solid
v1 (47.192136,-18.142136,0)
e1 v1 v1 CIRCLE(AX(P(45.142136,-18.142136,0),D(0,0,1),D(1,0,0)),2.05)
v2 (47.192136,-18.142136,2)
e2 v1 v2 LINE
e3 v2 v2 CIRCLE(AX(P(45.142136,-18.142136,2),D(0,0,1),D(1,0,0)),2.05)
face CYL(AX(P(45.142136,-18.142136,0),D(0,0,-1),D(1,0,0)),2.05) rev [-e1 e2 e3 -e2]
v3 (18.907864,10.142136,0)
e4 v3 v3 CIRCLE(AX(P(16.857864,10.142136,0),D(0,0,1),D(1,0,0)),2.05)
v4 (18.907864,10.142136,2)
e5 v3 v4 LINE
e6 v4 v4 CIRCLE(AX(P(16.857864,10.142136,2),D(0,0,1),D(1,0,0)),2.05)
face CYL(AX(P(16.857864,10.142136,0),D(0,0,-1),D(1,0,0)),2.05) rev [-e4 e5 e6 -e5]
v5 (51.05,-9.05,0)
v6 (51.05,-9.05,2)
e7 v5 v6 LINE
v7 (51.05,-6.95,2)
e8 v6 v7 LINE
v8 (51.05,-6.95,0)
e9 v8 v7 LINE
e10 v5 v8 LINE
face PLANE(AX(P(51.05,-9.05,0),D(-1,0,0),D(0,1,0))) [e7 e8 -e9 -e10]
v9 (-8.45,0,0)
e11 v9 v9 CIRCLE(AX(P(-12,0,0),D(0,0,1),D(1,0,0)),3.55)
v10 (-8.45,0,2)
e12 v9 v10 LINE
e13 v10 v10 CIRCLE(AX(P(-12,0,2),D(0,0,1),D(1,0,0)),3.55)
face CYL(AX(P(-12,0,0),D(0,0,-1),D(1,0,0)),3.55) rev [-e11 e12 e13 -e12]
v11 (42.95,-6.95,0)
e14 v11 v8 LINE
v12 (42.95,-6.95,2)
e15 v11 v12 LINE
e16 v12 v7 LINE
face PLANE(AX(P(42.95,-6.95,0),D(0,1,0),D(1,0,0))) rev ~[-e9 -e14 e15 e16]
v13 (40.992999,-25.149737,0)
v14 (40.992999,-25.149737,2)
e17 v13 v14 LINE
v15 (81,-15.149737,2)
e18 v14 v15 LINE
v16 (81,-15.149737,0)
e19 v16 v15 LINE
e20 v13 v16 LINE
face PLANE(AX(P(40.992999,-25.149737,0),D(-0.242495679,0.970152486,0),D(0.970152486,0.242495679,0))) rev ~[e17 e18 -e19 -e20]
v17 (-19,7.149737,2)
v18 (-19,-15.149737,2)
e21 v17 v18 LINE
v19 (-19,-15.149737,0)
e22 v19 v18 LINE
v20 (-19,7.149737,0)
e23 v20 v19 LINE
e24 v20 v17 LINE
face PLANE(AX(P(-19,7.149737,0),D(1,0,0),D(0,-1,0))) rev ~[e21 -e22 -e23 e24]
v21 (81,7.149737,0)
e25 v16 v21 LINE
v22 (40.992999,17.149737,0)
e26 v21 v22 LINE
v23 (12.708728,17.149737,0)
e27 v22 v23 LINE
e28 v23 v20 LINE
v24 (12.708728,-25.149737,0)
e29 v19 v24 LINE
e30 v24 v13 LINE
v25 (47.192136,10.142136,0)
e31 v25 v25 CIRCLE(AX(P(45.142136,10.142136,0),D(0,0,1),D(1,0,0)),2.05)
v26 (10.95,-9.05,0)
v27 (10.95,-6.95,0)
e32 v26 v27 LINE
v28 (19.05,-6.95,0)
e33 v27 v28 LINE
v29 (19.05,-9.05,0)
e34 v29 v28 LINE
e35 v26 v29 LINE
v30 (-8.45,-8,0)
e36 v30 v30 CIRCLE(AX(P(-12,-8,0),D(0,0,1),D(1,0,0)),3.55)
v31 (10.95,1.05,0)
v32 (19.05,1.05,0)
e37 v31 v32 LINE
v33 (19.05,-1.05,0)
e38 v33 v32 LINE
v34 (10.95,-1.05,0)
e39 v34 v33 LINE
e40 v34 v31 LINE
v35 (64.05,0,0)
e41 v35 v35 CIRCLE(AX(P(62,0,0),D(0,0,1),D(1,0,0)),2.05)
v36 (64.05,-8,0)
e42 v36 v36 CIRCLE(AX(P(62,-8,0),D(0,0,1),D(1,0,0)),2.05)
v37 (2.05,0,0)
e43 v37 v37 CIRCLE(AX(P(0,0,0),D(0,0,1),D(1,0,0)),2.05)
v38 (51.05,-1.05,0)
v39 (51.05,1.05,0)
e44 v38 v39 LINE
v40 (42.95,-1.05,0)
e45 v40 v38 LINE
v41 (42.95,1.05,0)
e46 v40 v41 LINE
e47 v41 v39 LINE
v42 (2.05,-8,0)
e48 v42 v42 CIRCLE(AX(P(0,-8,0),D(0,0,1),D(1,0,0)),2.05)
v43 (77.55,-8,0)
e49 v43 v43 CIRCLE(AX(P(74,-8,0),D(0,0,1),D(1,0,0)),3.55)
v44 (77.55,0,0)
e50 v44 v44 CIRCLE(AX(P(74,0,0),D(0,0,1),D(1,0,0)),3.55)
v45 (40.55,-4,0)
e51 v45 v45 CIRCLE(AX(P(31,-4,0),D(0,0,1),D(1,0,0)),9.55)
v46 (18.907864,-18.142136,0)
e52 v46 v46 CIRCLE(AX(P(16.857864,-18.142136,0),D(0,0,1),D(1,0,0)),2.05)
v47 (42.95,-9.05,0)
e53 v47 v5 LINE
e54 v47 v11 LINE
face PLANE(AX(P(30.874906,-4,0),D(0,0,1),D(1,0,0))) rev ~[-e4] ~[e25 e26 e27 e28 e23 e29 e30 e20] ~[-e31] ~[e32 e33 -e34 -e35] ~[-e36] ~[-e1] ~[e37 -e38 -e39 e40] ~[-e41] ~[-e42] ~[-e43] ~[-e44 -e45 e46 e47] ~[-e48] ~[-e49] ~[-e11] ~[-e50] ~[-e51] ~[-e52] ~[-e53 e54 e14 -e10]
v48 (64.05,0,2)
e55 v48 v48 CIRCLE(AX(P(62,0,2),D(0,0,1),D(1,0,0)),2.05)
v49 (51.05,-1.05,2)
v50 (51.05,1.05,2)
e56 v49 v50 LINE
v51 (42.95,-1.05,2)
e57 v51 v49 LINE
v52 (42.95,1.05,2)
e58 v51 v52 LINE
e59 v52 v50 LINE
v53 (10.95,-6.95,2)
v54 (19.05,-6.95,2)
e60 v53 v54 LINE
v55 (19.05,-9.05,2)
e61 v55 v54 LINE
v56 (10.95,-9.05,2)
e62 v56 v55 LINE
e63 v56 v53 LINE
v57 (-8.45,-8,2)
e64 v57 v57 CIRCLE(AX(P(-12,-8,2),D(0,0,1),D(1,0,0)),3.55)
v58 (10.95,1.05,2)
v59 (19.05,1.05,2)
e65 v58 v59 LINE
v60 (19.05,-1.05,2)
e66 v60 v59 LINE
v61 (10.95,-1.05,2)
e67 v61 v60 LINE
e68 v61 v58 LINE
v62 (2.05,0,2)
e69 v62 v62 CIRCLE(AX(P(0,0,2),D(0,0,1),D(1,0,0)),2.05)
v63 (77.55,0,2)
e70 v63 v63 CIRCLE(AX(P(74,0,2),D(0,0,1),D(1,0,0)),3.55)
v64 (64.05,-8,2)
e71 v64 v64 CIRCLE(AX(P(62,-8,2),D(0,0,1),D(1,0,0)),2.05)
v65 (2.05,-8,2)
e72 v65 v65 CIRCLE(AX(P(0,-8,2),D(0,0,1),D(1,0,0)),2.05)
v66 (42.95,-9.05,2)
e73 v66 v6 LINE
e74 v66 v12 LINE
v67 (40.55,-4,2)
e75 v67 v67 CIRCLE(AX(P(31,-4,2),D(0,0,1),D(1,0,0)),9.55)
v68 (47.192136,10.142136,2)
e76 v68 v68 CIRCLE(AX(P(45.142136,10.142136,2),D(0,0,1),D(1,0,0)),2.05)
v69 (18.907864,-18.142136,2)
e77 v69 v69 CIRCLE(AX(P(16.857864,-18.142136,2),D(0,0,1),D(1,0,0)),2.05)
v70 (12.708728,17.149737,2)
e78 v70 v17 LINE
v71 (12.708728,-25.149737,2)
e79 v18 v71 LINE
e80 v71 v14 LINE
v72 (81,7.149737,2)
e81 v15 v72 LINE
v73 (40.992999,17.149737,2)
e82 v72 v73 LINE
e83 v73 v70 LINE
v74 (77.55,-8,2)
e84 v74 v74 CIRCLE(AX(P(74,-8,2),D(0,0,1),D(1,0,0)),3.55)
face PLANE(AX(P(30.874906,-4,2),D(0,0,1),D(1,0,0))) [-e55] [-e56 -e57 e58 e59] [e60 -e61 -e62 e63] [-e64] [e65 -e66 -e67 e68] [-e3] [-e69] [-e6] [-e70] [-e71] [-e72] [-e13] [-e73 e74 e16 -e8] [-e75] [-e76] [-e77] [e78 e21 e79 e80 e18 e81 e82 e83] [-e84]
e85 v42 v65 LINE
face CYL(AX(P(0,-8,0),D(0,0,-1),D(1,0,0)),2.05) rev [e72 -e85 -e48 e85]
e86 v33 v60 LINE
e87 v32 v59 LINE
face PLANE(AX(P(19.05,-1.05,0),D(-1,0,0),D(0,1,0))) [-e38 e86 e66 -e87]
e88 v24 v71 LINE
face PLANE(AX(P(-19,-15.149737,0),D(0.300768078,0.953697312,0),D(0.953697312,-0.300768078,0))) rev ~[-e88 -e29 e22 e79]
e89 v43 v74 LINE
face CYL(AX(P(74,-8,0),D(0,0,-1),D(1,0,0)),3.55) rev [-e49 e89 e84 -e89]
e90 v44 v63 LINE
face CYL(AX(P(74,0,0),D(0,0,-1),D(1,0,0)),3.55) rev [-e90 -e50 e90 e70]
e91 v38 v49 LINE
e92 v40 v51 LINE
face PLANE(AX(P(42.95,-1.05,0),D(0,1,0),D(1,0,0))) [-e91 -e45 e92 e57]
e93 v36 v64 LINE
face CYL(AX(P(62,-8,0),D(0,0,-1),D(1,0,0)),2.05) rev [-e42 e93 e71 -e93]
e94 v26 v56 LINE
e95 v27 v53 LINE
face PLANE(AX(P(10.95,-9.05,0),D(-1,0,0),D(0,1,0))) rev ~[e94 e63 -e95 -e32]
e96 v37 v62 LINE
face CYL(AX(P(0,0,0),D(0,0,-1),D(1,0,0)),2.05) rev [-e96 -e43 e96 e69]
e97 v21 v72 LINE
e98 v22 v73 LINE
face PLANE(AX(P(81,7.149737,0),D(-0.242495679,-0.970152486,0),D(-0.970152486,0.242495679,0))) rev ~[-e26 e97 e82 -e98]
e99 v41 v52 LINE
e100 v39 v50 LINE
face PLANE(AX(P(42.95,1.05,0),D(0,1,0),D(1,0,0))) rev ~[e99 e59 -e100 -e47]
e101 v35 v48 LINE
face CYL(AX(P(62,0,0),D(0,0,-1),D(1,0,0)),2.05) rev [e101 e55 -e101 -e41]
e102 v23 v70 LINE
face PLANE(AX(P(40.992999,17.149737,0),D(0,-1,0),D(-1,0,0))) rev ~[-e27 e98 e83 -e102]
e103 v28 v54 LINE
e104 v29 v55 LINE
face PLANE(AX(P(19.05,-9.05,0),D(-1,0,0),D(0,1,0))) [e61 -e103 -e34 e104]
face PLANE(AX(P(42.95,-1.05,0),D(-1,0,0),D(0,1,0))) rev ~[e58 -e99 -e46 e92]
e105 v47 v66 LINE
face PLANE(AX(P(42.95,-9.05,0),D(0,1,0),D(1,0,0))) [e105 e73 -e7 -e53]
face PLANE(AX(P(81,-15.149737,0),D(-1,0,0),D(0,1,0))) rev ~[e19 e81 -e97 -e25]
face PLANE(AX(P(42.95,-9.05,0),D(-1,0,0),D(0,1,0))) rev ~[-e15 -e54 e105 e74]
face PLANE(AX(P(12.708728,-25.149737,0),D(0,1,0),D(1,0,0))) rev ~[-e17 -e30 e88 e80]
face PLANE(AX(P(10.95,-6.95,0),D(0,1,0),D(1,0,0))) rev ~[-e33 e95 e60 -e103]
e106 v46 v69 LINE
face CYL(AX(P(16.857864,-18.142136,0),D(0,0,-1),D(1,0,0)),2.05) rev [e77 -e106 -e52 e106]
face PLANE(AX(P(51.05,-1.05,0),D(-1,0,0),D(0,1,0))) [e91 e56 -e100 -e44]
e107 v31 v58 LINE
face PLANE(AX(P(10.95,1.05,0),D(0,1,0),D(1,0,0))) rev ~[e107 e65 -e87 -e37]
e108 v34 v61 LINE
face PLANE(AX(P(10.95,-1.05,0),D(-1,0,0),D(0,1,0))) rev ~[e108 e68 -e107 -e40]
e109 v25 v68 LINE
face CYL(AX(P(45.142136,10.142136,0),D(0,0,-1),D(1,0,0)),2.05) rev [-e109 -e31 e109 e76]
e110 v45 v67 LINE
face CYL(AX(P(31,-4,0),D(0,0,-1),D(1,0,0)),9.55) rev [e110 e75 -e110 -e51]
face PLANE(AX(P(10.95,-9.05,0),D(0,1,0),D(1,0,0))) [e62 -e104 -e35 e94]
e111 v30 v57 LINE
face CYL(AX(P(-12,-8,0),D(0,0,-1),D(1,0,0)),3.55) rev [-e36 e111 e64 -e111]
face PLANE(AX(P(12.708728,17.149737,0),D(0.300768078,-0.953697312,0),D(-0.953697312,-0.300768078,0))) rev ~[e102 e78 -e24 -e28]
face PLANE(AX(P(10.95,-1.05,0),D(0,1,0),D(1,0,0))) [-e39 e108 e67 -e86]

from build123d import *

# Parameters (mm, degrees)
SKETCH_1_R      = 2.05
SKETCH_1_R_2    = 3.55
SKETCH_1_R_3    = 9.55
SKETCH_1_W      = 8.1
SKETCH_1_H      = 2.1
EXTRUDE_1_DEPTH = 2


with BuildPart() as part:
    # 草图1 → 凸台-拉伸1 (new body)
    with BuildSketch(Plane.XY):
        Polygon((81, -15.149736791), (81, 7.149736791), (40.992999038, 17.149736791), (12.70872779, 17.149736791), (-19, 7.149736791), (-19, -15.149736791), (12.70872779, -25.149736791), (40.992999038, -25.149736791), align=None)
        Circle(SKETCH_1_R, mode=Mode.SUBTRACT)
        with Locations((62, 0)):
            Circle(SKETCH_1_R, mode=Mode.SUBTRACT)
        with Locations((62, -8)):
            Circle(SKETCH_1_R, mode=Mode.SUBTRACT)
        with Locations((0, -8)):
            Circle(SKETCH_1_R, mode=Mode.SUBTRACT)
        with Locations((45.142135624, 10.142135624)):
            Circle(SKETCH_1_R, mode=Mode.SUBTRACT)
        with Locations((45.142135624, -18.142135624)):
            Circle(SKETCH_1_R, mode=Mode.SUBTRACT)
        with Locations((16.857864376, -18.142135624)):
            Circle(SKETCH_1_R, mode=Mode.SUBTRACT)
        with Locations((16.857864376, 10.142135624)):
            Circle(SKETCH_1_R, mode=Mode.SUBTRACT)
        with Locations((74, 0)):
            Circle(SKETCH_1_R_2, mode=Mode.SUBTRACT)
        with Locations((74, -8)):
            Circle(SKETCH_1_R_2, mode=Mode.SUBTRACT)
        with Locations((-12, -8)):
            Circle(SKETCH_1_R_2, mode=Mode.SUBTRACT)
        with Locations((-12, 0)):
            Circle(SKETCH_1_R_2, mode=Mode.SUBTRACT)
        with Locations((31, -4)):
            Circle(SKETCH_1_R_3, mode=Mode.SUBTRACT)
        with Locations((15, 0)):
            Rectangle(SKETCH_1_W, SKETCH_1_H, mode=Mode.SUBTRACT)
        with Locations((47, 0)):
            Rectangle(SKETCH_1_W, SKETCH_1_H, mode=Mode.SUBTRACT)
        with Locations((47, -8)):
            Rectangle(SKETCH_1_W, SKETCH_1_H, mode=Mode.SUBTRACT)
        with Locations((15, -8)):
            Rectangle(SKETCH_1_W, SKETCH_1_H, mode=Mode.SUBTRACT)
    extrude(amount=EXTRUDE_1_DEPTH)


solid = part.part
